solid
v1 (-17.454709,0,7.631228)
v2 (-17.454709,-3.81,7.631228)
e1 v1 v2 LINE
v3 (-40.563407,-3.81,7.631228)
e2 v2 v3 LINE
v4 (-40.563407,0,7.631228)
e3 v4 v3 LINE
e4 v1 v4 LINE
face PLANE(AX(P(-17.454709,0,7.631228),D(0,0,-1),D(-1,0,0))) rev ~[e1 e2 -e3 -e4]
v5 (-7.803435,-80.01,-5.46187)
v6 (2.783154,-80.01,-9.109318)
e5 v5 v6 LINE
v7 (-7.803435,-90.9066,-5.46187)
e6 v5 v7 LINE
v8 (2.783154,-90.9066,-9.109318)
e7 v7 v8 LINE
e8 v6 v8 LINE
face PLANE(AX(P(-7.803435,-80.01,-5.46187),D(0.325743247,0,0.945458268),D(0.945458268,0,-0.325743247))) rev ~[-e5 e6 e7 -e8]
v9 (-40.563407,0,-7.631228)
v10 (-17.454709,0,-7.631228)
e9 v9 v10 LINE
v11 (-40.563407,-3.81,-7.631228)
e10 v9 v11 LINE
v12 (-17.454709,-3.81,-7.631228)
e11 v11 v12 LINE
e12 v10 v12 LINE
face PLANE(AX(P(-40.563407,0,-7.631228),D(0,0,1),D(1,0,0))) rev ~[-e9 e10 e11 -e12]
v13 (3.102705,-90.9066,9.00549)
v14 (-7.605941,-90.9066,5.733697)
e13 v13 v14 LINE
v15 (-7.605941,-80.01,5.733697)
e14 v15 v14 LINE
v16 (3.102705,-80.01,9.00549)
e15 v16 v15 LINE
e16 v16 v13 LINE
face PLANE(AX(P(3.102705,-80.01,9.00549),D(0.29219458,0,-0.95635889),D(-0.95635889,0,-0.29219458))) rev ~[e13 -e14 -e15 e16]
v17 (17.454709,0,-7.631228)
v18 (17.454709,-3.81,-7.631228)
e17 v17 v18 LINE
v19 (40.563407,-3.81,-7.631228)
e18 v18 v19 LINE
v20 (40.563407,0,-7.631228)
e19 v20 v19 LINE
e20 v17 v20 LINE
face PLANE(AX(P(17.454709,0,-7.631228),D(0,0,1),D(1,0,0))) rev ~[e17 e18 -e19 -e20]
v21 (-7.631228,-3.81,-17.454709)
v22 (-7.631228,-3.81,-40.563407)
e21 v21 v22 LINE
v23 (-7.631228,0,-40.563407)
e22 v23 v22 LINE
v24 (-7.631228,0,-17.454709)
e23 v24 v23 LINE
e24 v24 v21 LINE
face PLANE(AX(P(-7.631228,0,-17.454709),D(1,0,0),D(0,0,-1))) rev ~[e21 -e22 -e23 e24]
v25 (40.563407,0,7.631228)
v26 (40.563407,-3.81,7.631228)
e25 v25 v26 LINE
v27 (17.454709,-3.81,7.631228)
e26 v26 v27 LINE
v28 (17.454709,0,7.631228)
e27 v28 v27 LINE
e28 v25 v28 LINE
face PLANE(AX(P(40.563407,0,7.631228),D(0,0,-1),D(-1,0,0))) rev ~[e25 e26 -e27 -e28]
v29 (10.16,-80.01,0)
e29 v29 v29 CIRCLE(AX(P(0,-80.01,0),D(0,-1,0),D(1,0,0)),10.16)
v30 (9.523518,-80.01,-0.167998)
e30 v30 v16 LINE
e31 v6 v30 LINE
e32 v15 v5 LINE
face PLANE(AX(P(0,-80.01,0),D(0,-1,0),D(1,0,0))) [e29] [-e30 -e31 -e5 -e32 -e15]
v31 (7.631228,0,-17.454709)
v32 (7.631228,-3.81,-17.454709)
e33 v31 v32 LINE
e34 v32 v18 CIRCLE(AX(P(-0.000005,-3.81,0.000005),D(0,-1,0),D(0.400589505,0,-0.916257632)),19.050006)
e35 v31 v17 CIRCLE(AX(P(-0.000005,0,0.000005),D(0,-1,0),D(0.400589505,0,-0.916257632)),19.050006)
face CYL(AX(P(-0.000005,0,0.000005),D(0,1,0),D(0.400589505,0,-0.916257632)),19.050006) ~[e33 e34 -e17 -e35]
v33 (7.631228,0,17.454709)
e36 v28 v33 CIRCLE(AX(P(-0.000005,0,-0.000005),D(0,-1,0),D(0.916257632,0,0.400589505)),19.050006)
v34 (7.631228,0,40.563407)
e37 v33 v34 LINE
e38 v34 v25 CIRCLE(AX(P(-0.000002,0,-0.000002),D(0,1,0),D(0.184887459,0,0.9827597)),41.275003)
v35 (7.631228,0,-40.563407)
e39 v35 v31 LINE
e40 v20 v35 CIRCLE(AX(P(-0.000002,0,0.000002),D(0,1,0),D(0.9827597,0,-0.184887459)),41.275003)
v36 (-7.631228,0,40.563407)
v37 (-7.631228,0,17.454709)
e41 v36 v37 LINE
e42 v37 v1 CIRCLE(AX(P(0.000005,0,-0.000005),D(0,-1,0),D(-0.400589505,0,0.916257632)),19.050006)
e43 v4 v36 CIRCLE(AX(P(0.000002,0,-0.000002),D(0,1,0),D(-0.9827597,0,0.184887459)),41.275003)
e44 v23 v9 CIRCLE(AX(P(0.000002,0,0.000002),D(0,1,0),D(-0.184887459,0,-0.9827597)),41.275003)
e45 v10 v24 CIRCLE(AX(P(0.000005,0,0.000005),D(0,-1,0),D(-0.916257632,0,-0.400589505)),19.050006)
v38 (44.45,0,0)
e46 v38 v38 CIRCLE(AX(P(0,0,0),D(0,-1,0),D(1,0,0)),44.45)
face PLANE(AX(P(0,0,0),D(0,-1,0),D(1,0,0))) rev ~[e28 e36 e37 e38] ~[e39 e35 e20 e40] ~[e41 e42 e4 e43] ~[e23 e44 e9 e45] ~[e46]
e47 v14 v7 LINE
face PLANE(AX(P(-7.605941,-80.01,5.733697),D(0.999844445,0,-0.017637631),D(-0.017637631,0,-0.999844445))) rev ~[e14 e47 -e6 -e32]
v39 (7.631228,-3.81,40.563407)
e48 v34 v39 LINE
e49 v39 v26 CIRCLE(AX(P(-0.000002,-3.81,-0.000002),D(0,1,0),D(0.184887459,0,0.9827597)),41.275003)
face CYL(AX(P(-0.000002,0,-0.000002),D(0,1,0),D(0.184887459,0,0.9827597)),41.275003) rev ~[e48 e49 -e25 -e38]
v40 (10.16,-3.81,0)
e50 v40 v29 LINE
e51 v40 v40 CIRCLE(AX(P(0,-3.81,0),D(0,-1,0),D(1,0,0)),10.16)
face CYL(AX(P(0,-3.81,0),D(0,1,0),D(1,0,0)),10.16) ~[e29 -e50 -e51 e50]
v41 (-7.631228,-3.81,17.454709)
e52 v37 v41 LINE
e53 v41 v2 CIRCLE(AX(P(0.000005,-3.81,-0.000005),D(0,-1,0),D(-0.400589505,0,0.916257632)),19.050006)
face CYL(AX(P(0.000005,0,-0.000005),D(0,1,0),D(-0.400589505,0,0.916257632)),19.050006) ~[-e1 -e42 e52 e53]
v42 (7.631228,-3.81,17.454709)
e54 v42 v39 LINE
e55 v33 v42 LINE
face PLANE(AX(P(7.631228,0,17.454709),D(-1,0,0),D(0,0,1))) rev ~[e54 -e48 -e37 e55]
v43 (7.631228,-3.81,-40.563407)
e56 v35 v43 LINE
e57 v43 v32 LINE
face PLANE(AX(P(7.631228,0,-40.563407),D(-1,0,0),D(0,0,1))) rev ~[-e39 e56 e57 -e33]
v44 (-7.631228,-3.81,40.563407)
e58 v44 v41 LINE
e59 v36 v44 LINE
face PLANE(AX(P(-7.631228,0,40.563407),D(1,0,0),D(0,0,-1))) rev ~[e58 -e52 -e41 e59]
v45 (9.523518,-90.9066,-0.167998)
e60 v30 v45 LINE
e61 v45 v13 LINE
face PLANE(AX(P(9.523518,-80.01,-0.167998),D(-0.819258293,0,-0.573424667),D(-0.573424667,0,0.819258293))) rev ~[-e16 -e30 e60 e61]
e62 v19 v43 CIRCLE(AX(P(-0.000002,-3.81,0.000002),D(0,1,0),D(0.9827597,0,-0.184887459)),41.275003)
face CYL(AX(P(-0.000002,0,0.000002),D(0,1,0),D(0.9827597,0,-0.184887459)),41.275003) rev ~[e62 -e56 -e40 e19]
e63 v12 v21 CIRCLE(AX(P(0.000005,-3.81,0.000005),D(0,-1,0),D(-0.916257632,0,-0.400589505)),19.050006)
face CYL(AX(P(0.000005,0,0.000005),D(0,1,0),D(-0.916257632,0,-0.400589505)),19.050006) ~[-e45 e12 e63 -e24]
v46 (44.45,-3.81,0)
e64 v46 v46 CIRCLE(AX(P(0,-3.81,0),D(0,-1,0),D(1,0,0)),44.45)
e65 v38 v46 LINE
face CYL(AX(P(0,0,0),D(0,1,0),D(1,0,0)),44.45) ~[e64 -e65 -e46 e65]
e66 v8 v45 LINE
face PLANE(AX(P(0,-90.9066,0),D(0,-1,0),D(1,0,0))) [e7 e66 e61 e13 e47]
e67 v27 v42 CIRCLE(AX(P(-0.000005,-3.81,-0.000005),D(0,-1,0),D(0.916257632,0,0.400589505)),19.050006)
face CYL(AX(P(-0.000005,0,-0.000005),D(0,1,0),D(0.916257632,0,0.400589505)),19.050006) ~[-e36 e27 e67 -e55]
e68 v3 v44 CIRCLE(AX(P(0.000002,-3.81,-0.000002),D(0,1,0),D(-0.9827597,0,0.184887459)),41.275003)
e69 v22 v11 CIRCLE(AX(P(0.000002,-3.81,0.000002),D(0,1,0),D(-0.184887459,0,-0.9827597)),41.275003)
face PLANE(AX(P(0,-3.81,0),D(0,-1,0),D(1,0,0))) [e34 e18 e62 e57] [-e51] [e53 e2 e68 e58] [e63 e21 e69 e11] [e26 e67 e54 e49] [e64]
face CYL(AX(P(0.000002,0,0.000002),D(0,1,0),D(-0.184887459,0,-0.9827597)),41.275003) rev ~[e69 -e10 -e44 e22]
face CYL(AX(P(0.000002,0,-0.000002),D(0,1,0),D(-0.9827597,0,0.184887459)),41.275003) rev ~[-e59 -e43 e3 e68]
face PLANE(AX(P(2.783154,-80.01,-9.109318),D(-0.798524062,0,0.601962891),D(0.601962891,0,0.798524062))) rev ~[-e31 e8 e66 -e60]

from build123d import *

# Parameters (mm, degrees)
F0_R     = 44.45
F1_DEPTH = 3.81
F2_R     = 10.16
F3_DEPTH = 76.2
F5_DEPTH = 10.8966


with BuildPart() as f1:
    # F0 (on Front) → F1 (new body)
    with BuildSketch(Plane.XZ):
        Circle(F0_R)
        with BuildLine():
            ThreePointArc((7.631228, 40.563407), (29.185832, 29.185832), (40.563407, 7.631228))
            ThreePointArc((40.563407, 7.631228), (41.096717, 3.832167), (41.275, 0))
            ThreePointArc((41.275, 0), (41.096717, -3.832167), (40.563407, -7.631228))
            ThreePointArc((40.563407, -7.631228), (29.185832, -29.185832), (7.631228, -40.563407))
            ThreePointArc((7.631228, -40.563407), (0, -41.275), (-7.631228, -40.563407))
            ThreePointArc((-7.631228, -40.563407), (-29.185832, -29.185832), (-40.563407, -7.631228))
            ThreePointArc((-40.563407, -7.631228), (-41.275, 0), (-40.563407, 7.631228))
            ThreePointArc((-40.563407, 7.631228), (-29.185832, 29.185832), (-7.631228, 40.563407))
            ThreePointArc((-7.631228, 40.563407), (0, 41.275), (7.631228, 40.563407))
        make_face(mode=Mode.SUBTRACT)
        with BuildLine():
            ThreePointArc((-17.454709, -7.631228), (-19.05, 0), (-17.454709, 7.631228))
            Line((-17.454709, 7.631228), (-40.563407, 7.631228))
            Line((-40.563407, 7.631228), (-40.563407, -7.631228))
            Line((-40.563407, -7.631228), (-17.454709, -7.631228))
        make_face()
        with BuildLine():
            Line((17.454709, -7.631228), (17.454709, 7.631228))
            ThreePointArc((17.454709, 7.631228), (13.470384, 13.470384), (7.631228, 17.454709))
            Line((7.631228, 17.454709), (-7.631228, 17.454709))
            ThreePointArc((-7.631228, 17.454709), (-13.470384, 13.470384), (-17.454709, 7.631228))
            Line((-17.454709, 7.631228), (-17.454709, -7.631228))
            ThreePointArc((-17.454709, -7.631228), (-13.470384, -13.470384), (-7.631228, -17.454709))
            Line((-7.631228, -17.454709), (7.631228, -17.454709))
            ThreePointArc((7.631228, -17.454709), (13.470384, -13.470384), (17.454709, -7.631228))
        make_face()
        with BuildLine():
            Line((-17.454709, -7.631228), (-17.454709, 7.631228))
            ThreePointArc((-17.454709, 7.631228), (-19.05, 0), (-17.454709, -7.631228))
        make_face()
        with BuildLine():
            Line((-7.631228, 17.454709), (7.631228, 17.454709))
            ThreePointArc((7.631228, 17.454709), (0, 19.05), (-7.631228, 17.454709))
        make_face()
        with BuildLine():
            ThreePointArc((17.454709, -7.631228), (18.646913, -3.898096), (19.05, 0))
            ThreePointArc((19.05, 0), (18.646913, 3.898096), (17.454709, 7.631228))
            Line((17.454709, 7.631228), (17.454709, -7.631228))
        make_face()
        with BuildLine():
            ThreePointArc((41.275, 0), (41.096717, 3.832167), (40.563407, 7.631228))
            Line((40.563407, 7.631228), (40.563407, -7.631228))
            ThreePointArc((40.563407, -7.631228), (41.096717, -3.832167), (41.275, 0))
        make_face()
        with BuildLine():
            ThreePointArc((17.454709, 7.631228), (18.646913, 3.898096), (19.05, 0))
            ThreePointArc((19.05, 0), (18.646913, -3.898096), (17.454709, -7.631228))
            Line((17.454709, -7.631228), (40.563407, -7.631228))
            Line((40.563407, -7.631228), (40.563407, 7.631228))
            Line((40.563407, 7.631228), (17.454709, 7.631228))
        make_face()
        with BuildLine():
            Line((7.631228, -40.563407), (7.631228, -17.454709))
            ThreePointArc((7.631228, -17.454709), (0, -19.05), (-7.631228, -17.454709))
            Line((-7.631228, -17.454709), (-7.631228, -40.563407))
            Line((-7.631228, -40.563407), (7.631228, -40.563407))
        make_face()
        with BuildLine():
            ThreePointArc((-7.631228, -17.454709), (0, -19.05), (7.631228, -17.454709))
            Line((7.631228, -17.454709), (-7.631228, -17.454709))
        make_face()
        with BuildLine():
            ThreePointArc((-7.631228, -40.563407), (0, -41.275), (7.631228, -40.563407))
            Line((7.631228, -40.563407), (-7.631228, -40.563407))
        make_face()
        with BuildLine():
            Line((-40.563407, -7.631228), (-40.563407, 7.631228))
            ThreePointArc((-40.563407, 7.631228), (-41.275, 0), (-40.563407, -7.631228))
        make_face()
        with BuildLine():
            ThreePointArc((-7.631228, 17.454709), (0, 19.05), (7.631228, 17.454709))
            Line((7.631228, 17.454709), (7.631228, 40.563407))
            Line((7.631228, 40.563407), (-7.631228, 40.563407))
            Line((-7.631228, 40.563407), (-7.631228, 17.454709))
        make_face()
        with BuildLine():
            Line((-7.631228, 40.563407), (7.631228, 40.563407))
            ThreePointArc((7.631228, 40.563407), (0, 41.275), (-7.631228, 40.563407))
        make_face()
    extrude(amount=F1_DEPTH)

    # F2 (on face) → F3 (join)
    with BuildSketch(Plane.XZ.offset(3.81)):
        Circle(F2_R)
    extrude(amount=F3_DEPTH)

    # F4 (on face) → F5 (join)
    with BuildSketch(Plane.XZ.offset(80.01)):
        Polygon((3.102705, 9.00549), (-7.605941, 5.733697), (-7.803435, -5.46187), (2.783154, -9.109318), (9.523518, -0.167998), align=None)
    extrude(amount=F5_DEPTH)


solid = f1.part
